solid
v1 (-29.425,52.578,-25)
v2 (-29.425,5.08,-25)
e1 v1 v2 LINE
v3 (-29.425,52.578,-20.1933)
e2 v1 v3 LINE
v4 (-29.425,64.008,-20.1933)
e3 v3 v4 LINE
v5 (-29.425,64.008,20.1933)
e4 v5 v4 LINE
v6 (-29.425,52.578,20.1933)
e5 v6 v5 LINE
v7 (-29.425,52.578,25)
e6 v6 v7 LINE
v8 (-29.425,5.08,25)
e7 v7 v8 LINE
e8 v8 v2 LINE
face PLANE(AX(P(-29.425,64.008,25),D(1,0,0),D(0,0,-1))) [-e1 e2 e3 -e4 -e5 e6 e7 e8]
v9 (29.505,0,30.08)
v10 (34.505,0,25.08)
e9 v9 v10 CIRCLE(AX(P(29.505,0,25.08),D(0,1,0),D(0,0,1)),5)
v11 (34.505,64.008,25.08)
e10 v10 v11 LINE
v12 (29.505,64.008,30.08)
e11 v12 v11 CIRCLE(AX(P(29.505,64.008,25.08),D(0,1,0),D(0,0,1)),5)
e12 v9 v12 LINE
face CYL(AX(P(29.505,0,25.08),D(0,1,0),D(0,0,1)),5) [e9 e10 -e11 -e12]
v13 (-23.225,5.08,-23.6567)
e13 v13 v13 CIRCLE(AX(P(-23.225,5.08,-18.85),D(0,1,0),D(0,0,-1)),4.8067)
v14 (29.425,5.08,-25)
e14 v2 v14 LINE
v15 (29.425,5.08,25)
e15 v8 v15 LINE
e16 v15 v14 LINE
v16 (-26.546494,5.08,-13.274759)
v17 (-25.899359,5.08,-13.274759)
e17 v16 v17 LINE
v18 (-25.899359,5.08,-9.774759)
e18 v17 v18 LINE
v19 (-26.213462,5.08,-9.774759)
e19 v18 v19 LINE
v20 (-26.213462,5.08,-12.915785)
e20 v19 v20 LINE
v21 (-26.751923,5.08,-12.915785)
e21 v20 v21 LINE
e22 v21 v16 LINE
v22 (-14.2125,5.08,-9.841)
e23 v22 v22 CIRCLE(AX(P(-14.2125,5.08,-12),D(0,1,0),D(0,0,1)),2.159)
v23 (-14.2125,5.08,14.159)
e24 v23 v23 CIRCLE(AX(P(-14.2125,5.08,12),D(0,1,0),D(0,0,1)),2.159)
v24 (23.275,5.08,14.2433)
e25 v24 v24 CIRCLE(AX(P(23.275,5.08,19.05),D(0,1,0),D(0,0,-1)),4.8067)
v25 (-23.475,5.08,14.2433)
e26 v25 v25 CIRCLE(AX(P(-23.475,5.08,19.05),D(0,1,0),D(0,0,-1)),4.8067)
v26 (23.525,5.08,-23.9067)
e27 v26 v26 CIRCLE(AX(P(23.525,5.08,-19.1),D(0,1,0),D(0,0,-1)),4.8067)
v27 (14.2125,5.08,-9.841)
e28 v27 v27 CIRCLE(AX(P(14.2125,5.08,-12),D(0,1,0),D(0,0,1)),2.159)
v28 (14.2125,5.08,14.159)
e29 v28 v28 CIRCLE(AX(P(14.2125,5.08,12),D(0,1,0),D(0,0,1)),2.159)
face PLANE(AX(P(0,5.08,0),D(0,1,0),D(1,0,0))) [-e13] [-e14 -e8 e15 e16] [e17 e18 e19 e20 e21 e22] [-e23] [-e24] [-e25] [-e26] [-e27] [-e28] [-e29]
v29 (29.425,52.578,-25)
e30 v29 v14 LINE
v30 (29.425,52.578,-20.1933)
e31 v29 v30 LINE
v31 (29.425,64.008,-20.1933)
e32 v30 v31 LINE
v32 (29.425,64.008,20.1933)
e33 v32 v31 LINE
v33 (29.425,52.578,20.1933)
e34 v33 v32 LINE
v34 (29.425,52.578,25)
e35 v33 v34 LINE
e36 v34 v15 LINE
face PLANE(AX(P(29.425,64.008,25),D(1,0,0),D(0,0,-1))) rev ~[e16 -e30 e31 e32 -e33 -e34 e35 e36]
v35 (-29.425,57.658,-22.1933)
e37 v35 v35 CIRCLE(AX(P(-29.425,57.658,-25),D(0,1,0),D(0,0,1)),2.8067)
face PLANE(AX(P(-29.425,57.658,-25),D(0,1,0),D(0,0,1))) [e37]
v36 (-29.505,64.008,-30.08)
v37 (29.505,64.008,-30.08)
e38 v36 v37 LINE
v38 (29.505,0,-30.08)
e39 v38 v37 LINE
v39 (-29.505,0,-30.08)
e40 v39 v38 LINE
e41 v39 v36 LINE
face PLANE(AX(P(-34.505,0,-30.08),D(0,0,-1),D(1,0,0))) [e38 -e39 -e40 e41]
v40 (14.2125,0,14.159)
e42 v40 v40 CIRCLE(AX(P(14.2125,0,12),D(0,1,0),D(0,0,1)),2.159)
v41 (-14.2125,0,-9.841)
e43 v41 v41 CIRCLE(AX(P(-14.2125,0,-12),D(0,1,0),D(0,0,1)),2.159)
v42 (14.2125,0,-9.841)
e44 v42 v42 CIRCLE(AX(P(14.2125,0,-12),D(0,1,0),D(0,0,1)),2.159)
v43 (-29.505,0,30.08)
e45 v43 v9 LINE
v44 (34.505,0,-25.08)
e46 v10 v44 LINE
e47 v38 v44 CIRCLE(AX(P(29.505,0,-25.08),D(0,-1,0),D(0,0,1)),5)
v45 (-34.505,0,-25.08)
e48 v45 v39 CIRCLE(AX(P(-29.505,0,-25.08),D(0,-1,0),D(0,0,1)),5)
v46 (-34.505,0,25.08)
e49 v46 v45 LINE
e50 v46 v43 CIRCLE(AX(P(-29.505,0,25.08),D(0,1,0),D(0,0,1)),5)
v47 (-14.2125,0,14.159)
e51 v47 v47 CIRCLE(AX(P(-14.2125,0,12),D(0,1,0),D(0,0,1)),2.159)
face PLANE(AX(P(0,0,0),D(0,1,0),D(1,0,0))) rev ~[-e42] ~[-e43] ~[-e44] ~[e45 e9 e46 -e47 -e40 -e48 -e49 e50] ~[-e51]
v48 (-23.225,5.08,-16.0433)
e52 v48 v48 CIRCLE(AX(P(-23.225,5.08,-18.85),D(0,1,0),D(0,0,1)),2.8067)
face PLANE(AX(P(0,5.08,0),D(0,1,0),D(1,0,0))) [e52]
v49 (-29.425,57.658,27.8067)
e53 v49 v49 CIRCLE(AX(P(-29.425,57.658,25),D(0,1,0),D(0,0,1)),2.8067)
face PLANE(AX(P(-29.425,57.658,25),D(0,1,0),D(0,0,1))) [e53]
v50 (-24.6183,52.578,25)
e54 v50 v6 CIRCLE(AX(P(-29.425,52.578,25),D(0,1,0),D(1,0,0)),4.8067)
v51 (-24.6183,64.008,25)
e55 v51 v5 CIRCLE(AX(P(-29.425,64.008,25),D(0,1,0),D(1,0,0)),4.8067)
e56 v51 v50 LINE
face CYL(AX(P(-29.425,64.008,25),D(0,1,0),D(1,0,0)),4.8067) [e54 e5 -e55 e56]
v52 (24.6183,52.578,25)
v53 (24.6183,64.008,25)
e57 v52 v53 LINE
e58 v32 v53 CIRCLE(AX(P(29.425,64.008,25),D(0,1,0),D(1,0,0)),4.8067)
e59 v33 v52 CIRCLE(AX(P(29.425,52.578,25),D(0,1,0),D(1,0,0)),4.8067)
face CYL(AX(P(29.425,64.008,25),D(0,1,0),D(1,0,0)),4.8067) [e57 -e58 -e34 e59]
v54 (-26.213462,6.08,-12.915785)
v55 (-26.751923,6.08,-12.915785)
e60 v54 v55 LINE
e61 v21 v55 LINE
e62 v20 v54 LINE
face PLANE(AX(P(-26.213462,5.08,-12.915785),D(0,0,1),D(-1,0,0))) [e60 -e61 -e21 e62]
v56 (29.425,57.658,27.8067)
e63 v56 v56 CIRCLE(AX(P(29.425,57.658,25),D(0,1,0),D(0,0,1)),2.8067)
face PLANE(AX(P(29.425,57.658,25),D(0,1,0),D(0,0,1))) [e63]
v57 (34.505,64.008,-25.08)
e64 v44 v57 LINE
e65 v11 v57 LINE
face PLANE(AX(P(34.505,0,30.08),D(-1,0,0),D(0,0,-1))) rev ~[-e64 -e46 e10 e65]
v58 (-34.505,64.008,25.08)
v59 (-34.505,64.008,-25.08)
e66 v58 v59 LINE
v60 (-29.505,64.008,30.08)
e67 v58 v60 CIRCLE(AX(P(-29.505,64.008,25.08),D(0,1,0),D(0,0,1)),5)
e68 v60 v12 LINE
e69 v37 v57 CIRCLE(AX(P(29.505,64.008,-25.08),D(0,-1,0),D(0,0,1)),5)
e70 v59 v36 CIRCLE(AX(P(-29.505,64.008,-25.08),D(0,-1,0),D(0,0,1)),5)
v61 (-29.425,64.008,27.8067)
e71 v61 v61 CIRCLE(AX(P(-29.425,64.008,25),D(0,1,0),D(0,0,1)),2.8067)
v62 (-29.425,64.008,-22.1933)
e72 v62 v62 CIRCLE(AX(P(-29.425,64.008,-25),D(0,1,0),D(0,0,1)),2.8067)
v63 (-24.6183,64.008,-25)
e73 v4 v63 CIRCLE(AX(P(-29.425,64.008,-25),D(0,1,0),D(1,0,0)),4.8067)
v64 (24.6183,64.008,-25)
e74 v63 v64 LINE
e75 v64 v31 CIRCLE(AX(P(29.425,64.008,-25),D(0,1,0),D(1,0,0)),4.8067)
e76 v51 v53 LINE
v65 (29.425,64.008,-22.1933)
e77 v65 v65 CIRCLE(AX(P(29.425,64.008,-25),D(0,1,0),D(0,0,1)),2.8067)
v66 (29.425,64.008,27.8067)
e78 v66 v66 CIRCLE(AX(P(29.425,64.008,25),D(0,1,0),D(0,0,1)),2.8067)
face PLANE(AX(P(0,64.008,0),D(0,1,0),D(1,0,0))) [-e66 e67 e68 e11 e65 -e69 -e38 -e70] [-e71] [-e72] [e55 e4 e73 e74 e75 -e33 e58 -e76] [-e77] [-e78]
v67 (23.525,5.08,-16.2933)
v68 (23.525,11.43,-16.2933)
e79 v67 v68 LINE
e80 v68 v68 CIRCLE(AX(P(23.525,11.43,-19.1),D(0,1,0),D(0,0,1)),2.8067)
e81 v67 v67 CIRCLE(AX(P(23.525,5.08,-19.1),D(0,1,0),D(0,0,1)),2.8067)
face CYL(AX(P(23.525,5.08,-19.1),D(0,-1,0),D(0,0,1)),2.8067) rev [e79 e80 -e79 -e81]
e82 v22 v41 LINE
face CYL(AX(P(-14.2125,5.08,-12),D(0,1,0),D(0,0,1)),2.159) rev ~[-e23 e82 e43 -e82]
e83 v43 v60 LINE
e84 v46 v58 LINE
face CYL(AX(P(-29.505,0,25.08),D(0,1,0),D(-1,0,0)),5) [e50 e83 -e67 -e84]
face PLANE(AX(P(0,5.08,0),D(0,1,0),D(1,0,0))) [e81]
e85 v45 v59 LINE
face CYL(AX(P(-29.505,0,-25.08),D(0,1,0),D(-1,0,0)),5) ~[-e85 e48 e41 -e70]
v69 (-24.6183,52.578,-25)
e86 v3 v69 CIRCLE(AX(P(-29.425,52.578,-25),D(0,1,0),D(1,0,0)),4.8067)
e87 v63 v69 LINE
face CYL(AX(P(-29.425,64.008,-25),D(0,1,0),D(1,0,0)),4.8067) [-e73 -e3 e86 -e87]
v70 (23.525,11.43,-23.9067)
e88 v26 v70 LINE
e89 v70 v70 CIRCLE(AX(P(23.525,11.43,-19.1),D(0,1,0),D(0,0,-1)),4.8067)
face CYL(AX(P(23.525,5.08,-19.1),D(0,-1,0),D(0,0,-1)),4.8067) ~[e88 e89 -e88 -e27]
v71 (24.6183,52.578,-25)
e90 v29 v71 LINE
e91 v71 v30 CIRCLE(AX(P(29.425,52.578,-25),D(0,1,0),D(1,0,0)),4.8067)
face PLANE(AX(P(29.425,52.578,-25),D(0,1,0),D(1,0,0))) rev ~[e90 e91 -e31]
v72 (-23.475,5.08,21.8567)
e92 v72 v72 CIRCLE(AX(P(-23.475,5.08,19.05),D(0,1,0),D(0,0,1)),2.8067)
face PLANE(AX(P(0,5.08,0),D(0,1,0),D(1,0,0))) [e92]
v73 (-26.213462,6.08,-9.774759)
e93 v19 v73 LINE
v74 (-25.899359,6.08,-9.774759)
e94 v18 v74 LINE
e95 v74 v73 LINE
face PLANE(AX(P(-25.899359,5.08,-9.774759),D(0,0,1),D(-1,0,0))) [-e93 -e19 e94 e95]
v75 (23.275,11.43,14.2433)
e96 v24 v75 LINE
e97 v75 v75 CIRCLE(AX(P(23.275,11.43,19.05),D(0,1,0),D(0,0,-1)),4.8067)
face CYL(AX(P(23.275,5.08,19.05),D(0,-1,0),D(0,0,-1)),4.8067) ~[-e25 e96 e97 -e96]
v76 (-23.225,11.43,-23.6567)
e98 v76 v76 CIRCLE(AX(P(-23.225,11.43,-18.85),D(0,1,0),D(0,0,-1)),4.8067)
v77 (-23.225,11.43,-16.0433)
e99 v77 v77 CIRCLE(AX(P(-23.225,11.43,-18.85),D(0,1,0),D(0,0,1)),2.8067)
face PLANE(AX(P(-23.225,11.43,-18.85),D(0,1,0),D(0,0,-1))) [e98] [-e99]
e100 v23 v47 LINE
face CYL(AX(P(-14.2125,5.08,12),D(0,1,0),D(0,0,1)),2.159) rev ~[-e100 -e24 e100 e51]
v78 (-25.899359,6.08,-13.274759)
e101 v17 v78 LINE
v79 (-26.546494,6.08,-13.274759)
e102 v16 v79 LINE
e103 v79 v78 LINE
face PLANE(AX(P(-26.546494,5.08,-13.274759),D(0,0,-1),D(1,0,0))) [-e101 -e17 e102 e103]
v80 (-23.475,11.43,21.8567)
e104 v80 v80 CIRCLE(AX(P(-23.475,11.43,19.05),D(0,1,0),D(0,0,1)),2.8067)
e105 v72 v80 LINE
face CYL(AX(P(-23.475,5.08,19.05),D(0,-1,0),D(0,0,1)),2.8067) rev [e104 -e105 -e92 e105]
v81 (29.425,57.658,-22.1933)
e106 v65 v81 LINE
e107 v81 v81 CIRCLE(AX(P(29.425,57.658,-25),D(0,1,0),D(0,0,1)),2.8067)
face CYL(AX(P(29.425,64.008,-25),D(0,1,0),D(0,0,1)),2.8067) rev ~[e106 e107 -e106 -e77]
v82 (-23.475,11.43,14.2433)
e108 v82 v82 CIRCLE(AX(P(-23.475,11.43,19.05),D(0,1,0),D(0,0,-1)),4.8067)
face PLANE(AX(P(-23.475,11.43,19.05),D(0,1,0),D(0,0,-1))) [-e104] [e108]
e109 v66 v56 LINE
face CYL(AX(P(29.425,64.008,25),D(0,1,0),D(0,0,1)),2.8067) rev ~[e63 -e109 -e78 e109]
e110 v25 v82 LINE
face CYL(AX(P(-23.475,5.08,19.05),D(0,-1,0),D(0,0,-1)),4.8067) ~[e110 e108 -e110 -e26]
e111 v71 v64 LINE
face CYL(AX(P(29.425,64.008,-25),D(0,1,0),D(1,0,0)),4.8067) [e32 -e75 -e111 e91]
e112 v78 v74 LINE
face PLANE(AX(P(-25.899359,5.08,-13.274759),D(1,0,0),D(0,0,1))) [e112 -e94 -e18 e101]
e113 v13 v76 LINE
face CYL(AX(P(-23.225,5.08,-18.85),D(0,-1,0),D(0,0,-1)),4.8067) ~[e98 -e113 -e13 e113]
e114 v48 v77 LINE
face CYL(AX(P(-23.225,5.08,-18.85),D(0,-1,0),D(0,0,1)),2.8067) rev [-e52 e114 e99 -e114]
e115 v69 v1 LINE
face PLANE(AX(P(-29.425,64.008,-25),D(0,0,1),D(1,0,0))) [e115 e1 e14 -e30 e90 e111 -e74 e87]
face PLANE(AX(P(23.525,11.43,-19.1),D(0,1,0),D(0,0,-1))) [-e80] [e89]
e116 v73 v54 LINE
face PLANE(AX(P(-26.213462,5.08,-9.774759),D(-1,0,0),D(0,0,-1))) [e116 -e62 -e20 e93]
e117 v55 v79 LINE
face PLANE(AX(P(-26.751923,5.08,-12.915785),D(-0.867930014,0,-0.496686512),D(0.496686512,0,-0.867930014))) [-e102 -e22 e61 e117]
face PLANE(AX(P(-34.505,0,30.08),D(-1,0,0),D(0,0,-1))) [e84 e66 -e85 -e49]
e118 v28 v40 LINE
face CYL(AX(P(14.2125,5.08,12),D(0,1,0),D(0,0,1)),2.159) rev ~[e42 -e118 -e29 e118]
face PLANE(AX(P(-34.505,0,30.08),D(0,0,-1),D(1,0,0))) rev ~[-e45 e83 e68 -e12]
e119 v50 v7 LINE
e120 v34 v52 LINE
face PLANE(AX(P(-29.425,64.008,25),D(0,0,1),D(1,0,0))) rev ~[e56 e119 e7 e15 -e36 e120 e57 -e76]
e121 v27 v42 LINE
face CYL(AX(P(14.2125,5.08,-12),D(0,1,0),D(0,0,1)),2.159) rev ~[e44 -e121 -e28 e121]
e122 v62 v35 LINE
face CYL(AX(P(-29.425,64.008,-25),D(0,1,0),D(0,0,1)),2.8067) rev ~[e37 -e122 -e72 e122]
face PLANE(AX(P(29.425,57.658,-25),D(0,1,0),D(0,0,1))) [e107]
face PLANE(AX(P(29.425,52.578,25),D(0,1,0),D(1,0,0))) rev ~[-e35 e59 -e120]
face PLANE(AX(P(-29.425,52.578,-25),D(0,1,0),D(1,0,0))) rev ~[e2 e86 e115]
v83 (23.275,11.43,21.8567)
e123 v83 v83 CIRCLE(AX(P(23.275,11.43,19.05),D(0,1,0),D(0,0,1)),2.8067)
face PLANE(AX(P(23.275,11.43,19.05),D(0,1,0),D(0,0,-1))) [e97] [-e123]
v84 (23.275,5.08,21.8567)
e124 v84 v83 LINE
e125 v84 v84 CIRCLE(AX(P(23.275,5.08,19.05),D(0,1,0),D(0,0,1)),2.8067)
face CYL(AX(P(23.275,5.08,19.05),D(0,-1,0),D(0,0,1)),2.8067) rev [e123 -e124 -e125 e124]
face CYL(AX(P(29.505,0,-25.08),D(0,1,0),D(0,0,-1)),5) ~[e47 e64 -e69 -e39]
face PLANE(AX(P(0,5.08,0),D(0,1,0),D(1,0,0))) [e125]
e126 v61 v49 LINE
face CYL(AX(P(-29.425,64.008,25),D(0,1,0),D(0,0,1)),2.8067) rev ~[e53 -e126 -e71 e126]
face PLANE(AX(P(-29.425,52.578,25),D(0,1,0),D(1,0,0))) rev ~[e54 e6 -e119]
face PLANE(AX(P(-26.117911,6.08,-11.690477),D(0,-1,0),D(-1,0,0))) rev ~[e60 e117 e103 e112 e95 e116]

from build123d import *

# Parameters (mm, degrees)
SKETCH1_W           = 69.01
SKETCH1_H           = 60.16
BOSS_EXTRUDE3_DEPTH = 64.008
SKETCH2_W           = 58.85
SKETCH2_H           = 50
CUT_EXTRUDE4_DEPTH  = 58.928
FILLET1_R           = 5
SKETCH3_R           = 4.8067
BOSS_EXTRUDE4_DEPTH = 11.43
SKETCH3_3_R         = 2.8067
CUT_EXTRUDE5_DEPTH  = 6.35
SKETCH9_R           = 4.8067
SKETCH9_R_2         = 2.8067
BOSS_EXTRUDE5_DEPTH = 6.35
SKETCH10_R          = 2.159
CUT_EXTRUDE6_DEPTH  = 5.08
BOSS_EXTRUDE6_DEPTH = 1


with BuildPart() as part:
    # Sketch1 → Boss-Extrude3 (new body)
    with BuildSketch(Plane(origin=(0, 0, 0), x_dir=(1, 0, 0), z_dir=(0, 1, 0))):
        Rectangle(SKETCH1_W, SKETCH1_H)
    extrude(amount=BOSS_EXTRUDE3_DEPTH)

    # Sketch2 → Cut-Extrude4 (cut)
    with BuildSketch(Plane(origin=(0, 64.008, 0), x_dir=(1, 0, 0), z_dir=(0, 1, 0))):
        Rectangle(SKETCH2_W, SKETCH2_H)
    extrude(amount=-CUT_EXTRUDE4_DEPTH, mode=Mode.SUBTRACT)

    # Fillet1
    fillet1_edges = [part.edges().sort_by_distance(p)[0] for p in [
        (-34.505, 32.004, 30.08),
        (34.505, 32.004, 30.08),
        (34.505, 32.004, -30.08),
        (-34.505, 32.004, -30.08),
    ]]
    fillet(fillet1_edges, radius=FILLET1_R)

    # Sketch3 → Boss-Extrude4 (add)
    with BuildSketch(Plane(origin=(0, 64.008, 0), x_dir=(1, 0, 0), z_dir=(0, 1, 0))):
        with Locations((-29.425, 25)):
            Circle(SKETCH3_R)
        with Locations((29.425, 25)):
            Circle(SKETCH3_R)
        with Locations((-29.425, -25)):
            Circle(SKETCH3_R)
        with Locations((29.425, -25)):
            Circle(SKETCH3_R)
    extrude(amount=-BOSS_EXTRUDE4_DEPTH)

    # Sketch3<3> → Cut-Extrude5 (cut)
    with BuildSketch(Plane(origin=(0, 64.008, 0), x_dir=(1, 0, 0), z_dir=(0, 1, 0))):
        with Locations(Location((-29.425, 25, 0), (0, 0, 270))):
            Circle(SKETCH3_3_R)
        with Locations(Location((29.425, 25, 0), (0, 0, 270))):
            Circle(SKETCH3_3_R)
        with Locations(Location((29.425, -25, 0), (0, 0, 270))):
            Circle(SKETCH3_3_R)
        with Locations(Location((-29.425, -25, 0), (0, 0, 270))):
            Circle(SKETCH3_3_R)
    extrude(amount=-CUT_EXTRUDE5_DEPTH, mode=Mode.SUBTRACT)

    # Sketch9 → Boss-Extrude5 (add)
    # profile 1 of 4: a face of its own
    with BuildSketch(Plane(origin=(0, 5.08, 0), x_dir=(1, 0, 0), z_dir=(0, 1, 0))):
        with Locations(Location((-23.225, 18.85, 0), (0, 0, 90))):
            Circle(SKETCH9_R)
        with Locations(Location((-23.225, 18.85, 0), (0, 0, 270))):
            Circle(SKETCH9_R_2, mode=Mode.SUBTRACT)
    # profile 2 of 4: a face of its own
    with BuildSketch(Plane(origin=(0, 5.08, 0), x_dir=(1, 0, 0), z_dir=(0, 1, 0))):
        with Locations(Location((23.525, 19.1, 0), (0, 0, 90))):
            Circle(SKETCH9_R)
        with Locations(Location((23.525, 19.1, 0), (0, 0, 270))):
            Circle(SKETCH9_R_2, mode=Mode.SUBTRACT)
    # profile 3 of 4: a face of its own
    with BuildSketch(Plane(origin=(0, 5.08, 0), x_dir=(1, 0, 0), z_dir=(0, 1, 0))):
        with Locations(Location((23.275, -19.05, 0), (0, 0, 90))):
            Circle(SKETCH9_R)
        with Locations(Location((23.275, -19.05, 0), (0, 0, 270))):
            Circle(SKETCH9_R_2, mode=Mode.SUBTRACT)
    # profile 4 of 4: a face of its own
    with BuildSketch(Plane(origin=(0, 5.08, 0), x_dir=(1, 0, 0), z_dir=(0, 1, 0))):
        with Locations(Location((-23.475, -19.05, 0), (0, 0, 90))):
            Circle(SKETCH9_R)
        with Locations(Location((-23.475, -19.05, 0), (0, 0, 270))):
            Circle(SKETCH9_R_2, mode=Mode.SUBTRACT)
    extrude(amount=BOSS_EXTRUDE5_DEPTH)

    # Sketch10 → Cut-Extrude6 (cut)
    with BuildSketch(Plane(origin=(0, 5.08, 0), x_dir=(1, 0, 0), z_dir=(0, 1, 0))):
        with Locations(Location((14.2125, 12, 0), (0, 0, 270))):
            Circle(SKETCH10_R)
        with Locations(Location((14.2125, -12, 0), (0, 0, 270))):
            Circle(SKETCH10_R)
        with Locations(Location((-14.2125, 12, 0), (0, 0, 270))):
            Circle(SKETCH10_R)
        with Locations(Location((-14.2125, -12, 0), (0, 0, 270))):
            Circle(SKETCH10_R)
    extrude(amount=-CUT_EXTRUDE6_DEPTH, mode=Mode.SUBTRACT)

    # Sketch12 → Boss-Extrude6 (add)
    with BuildSketch(Plane(origin=(0, 5.08, 0), x_dir=(1, 0, 0), z_dir=(0, 1, 0))):
        Polygon((-26.546494391, 13.274758956), (-25.899358974, 13.274758956), (-25.899358974, 9.774758956), (-26.213461538, 9.774758956), (-26.213461538, 12.915784597), (-26.751923077, 12.915784597), align=None)
    extrude(amount=BOSS_EXTRUDE6_DEPTH)


solid = part.part
